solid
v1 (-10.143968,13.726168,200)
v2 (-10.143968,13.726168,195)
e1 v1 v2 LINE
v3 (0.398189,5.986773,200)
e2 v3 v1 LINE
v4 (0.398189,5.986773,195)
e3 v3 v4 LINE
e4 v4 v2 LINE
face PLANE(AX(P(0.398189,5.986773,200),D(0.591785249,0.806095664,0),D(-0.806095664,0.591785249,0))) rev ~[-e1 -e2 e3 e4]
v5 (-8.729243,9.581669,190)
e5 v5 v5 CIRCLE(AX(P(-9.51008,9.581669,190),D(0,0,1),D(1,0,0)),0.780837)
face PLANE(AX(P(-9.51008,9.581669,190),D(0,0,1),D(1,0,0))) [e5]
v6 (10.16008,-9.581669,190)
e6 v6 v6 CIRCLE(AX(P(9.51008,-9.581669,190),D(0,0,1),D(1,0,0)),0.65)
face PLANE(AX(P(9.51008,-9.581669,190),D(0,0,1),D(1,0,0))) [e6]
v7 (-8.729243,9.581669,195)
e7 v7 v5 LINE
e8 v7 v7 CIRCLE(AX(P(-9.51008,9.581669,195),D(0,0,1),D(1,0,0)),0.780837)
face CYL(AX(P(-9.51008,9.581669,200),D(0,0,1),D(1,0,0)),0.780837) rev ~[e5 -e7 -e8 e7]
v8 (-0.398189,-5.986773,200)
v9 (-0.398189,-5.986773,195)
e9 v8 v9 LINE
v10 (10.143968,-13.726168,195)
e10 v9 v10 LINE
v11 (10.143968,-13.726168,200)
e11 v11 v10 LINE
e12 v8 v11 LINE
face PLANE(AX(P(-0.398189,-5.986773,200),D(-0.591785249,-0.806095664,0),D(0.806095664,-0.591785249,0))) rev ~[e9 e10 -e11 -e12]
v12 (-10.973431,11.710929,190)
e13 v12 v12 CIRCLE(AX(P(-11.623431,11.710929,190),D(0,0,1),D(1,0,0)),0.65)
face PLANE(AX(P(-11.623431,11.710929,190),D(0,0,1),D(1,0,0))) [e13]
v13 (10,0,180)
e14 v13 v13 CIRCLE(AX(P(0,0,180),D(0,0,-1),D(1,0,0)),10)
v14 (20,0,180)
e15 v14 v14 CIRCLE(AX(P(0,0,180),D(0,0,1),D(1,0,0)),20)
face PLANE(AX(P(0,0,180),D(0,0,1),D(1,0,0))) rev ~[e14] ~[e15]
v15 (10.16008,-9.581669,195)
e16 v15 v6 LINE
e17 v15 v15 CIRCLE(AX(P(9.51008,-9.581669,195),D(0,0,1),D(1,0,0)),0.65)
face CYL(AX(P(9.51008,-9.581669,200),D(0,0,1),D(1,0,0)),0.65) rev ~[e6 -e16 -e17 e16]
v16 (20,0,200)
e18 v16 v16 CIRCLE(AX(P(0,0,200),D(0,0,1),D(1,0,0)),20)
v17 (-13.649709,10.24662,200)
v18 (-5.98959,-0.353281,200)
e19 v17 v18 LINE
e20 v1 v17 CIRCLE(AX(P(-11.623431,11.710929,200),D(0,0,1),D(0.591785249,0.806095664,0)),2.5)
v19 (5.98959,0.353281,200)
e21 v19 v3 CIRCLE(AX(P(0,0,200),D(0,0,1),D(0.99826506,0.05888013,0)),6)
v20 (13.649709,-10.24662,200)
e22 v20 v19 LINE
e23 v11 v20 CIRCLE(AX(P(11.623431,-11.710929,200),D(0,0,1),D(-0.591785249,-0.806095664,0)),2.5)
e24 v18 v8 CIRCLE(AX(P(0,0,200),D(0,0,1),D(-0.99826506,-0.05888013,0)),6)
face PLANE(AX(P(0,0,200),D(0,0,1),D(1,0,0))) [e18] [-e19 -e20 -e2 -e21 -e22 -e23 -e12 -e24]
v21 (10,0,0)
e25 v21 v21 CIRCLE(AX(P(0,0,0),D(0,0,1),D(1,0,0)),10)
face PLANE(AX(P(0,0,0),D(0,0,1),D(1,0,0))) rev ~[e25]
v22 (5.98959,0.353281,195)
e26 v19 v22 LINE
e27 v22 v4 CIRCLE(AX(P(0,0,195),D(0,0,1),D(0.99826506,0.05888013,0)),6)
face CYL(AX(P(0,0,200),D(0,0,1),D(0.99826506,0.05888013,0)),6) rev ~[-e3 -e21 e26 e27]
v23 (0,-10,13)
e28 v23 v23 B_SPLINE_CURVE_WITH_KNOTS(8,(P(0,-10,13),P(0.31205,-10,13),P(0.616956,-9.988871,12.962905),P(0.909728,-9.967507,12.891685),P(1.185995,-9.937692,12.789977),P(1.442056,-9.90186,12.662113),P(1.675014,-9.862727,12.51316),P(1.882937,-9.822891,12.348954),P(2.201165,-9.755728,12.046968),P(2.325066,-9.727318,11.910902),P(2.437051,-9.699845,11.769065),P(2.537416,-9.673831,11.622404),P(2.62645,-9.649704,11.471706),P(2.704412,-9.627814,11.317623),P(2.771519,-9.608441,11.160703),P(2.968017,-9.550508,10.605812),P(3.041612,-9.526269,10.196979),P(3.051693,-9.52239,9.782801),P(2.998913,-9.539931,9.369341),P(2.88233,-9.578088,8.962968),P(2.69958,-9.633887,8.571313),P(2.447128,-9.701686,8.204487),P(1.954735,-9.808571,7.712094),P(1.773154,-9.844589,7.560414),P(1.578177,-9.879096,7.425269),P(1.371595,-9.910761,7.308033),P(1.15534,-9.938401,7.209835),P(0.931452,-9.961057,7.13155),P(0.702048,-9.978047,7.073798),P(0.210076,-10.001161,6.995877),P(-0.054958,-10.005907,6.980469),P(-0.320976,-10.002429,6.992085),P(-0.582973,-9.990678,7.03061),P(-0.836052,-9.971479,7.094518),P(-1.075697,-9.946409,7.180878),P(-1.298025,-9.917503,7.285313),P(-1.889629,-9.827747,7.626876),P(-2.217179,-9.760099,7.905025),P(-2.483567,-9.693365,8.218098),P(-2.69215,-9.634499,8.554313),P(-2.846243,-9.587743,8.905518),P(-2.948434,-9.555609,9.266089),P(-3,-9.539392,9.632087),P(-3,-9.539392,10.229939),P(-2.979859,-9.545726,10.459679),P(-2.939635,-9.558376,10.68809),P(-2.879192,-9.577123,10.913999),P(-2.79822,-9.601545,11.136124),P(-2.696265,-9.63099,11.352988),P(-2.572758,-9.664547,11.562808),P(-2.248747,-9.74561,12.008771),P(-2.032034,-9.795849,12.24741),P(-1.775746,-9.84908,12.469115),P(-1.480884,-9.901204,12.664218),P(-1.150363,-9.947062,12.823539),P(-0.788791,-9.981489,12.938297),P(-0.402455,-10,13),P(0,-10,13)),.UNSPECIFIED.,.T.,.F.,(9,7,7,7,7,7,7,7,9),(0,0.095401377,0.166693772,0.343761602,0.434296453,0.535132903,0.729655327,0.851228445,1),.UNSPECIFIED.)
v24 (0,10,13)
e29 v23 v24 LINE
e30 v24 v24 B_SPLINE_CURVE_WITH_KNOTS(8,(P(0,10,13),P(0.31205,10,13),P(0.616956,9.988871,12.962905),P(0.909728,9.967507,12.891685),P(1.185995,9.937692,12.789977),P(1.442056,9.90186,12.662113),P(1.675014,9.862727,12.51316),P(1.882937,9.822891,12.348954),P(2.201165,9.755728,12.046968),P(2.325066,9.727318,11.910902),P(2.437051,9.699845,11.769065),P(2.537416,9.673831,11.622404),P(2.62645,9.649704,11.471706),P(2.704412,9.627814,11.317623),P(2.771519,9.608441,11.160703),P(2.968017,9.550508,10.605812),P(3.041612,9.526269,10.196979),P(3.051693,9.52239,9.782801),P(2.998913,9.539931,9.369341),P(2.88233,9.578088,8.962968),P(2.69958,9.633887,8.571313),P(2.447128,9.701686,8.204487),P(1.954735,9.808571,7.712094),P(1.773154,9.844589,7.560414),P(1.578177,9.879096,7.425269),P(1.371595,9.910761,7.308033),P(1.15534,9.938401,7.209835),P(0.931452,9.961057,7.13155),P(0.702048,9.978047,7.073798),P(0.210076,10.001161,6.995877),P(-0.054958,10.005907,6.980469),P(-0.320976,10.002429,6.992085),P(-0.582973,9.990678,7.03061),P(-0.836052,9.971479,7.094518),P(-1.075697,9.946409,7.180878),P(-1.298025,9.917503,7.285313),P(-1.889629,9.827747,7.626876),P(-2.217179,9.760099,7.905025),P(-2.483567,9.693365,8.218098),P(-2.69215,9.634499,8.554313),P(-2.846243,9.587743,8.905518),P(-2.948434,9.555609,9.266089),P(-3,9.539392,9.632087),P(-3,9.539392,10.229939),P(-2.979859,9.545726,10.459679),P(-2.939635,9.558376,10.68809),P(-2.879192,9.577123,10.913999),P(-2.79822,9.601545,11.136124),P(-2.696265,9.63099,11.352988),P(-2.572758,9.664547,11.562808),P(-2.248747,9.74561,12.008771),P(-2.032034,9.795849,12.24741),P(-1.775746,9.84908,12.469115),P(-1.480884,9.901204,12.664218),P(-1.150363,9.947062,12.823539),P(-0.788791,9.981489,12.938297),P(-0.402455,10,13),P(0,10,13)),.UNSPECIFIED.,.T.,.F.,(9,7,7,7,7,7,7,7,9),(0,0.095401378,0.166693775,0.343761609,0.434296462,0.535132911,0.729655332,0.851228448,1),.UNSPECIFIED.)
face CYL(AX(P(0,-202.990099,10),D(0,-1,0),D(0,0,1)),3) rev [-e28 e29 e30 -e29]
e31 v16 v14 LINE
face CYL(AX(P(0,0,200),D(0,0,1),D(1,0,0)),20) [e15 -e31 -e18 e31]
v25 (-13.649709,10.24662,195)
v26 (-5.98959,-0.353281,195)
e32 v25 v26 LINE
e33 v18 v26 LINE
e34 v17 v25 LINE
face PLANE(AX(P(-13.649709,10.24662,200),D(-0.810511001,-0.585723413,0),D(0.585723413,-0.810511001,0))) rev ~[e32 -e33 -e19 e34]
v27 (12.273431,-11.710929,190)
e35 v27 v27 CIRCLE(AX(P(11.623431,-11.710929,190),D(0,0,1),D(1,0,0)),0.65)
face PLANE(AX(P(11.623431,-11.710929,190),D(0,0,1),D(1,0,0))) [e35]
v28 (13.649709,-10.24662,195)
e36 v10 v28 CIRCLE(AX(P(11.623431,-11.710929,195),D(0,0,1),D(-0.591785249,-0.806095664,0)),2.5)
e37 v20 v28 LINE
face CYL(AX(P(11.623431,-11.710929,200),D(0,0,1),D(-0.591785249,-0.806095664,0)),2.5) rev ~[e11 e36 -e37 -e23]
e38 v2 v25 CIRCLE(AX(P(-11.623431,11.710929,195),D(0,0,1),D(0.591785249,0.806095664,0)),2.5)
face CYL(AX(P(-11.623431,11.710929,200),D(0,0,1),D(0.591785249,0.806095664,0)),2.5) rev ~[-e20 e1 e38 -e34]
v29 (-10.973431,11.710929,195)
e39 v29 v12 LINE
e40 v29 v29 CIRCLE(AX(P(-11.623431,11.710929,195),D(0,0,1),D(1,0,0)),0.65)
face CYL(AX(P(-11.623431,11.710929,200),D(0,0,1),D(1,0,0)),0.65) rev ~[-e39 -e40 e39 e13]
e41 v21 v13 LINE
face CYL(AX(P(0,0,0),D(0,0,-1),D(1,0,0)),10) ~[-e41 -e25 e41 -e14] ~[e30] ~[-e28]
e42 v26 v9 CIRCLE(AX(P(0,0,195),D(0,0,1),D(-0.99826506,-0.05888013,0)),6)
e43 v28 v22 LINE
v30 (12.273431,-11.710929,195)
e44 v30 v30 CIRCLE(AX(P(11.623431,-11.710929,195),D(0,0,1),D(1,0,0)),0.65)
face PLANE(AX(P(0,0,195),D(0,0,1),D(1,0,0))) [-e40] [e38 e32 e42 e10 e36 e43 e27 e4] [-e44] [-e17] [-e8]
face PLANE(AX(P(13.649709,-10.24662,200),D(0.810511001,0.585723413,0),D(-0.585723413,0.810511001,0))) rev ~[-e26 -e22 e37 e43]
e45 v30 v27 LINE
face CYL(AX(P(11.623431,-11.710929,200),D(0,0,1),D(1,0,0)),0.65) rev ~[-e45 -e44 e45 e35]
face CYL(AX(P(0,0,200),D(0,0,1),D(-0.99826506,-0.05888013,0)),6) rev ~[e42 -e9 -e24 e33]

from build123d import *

# Parameters (mm, degrees)
SKETCH1_R               = 10
BOSS_EXTRUDE1_DEPTH     = 200
SKETCH2_R               = 20
BOSS_EXTRUDE2_DEPTH     = 20
SKETCH3_R               = 0.65
CUT_EXTRUDE1_DEPTH      = 5
SKETCH4_R               = 0.780836735
SKETCH4_R_2             = 0.65
CUT_EXTRUDE2_DEPTH      = 10
CUT_EXTRUDE3_DEPTH      = 202.990098767
CUT_EXTRUDE3_DEPTH_BACK = 202.990098767
SKETCH5_R               = 3


with BuildPart() as part:
    # Sketch1 → Boss-Extrude1 (new body)
    with BuildSketch(Plane.XY):
        Circle(SKETCH1_R)
    extrude(amount=BOSS_EXTRUDE1_DEPTH)

    # Sketch2 → Boss-Extrude2 (add)
    with BuildSketch(Plane.XY.offset(200)):
        Circle(SKETCH2_R)
    extrude(amount=-BOSS_EXTRUDE2_DEPTH)

    # Sketch3 → Cut-Extrude1 (cut)
    with BuildSketch(Plane.XY.offset(200)):
        with BuildLine():
            Line((0.398188886, 5.986772554), (-10.143967994, 13.726167778))
            ThreePointArc((-10.143967994, 13.726167778), (-13.384557042, 13.485311742), (-13.649708618, 10.246620085))
            Line((-13.649708618, 10.246620085), (-5.989590361, -0.353280782))
            ThreePointArc((-5.989590361, -0.353280782), (-4.258519498, -4.226702224), (-0.398188886, -5.986772554))
            Line((-0.398188886, -5.986772554), (10.143967994, -13.726167778))
            ThreePointArc((10.143967994, -13.726167778), (13.384557042, -13.485311742), (13.649708618, -10.246620085))
            Line((13.649708618, -10.246620085), (5.989590361, 0.353280782))
            ThreePointArc((5.989590361, 0.353280782), (4.258519498, 4.226702224), (0.398188886, 5.986772554))
        make_face()
        with Locations((11.623431116, -11.710928618)):
            Circle(SKETCH3_R, mode=Mode.SUBTRACT)
        with Locations((9.510080004, -9.581668869)):
            Circle(SKETCH3_R, mode=Mode.SUBTRACT)
        with Locations((-9.510080004, 9.581668869)):
            Circle(SKETCH3_R, mode=Mode.SUBTRACT)
        with Locations((-11.623431116, 11.710928618)):
            Circle(SKETCH3_R, mode=Mode.SUBTRACT)
    extrude(amount=-CUT_EXTRUDE1_DEPTH, mode=Mode.SUBTRACT)

    # Sketch4 → Cut-Extrude2 (cut)
    with BuildSketch(Plane.XY.offset(200)):
        with Locations((-9.510080004, 9.581668869)):
            Circle(SKETCH4_R)
        with Locations((-11.623431116, 11.710928618)):
            Circle(SKETCH4_R_2)
        with Locations((9.510080004, -9.581668869)):
            Circle(SKETCH4_R_2)
        with Locations((11.623431116, -11.710928618)):
            Circle(SKETCH4_R_2)
    extrude(amount=-CUT_EXTRUDE2_DEPTH, mode=Mode.SUBTRACT)

    # Sketch5 → Cut-Extrude3 (cut, two sides: drawn at the far end of the back side and taken through both)
    with BuildSketch(Plane(origin=(0, 0, 0), x_dir=(1, 0, 0), z_dir=(0, 1, 0)).offset(-CUT_EXTRUDE3_DEPTH_BACK)):
        with Locations(Location((0, -10, 0), (0, 0, 270))):
            Circle(SKETCH5_R)
    extrude(amount=CUT_EXTRUDE3_DEPTH + CUT_EXTRUDE3_DEPTH_BACK, mode=Mode.SUBTRACT)


solid = part.part
